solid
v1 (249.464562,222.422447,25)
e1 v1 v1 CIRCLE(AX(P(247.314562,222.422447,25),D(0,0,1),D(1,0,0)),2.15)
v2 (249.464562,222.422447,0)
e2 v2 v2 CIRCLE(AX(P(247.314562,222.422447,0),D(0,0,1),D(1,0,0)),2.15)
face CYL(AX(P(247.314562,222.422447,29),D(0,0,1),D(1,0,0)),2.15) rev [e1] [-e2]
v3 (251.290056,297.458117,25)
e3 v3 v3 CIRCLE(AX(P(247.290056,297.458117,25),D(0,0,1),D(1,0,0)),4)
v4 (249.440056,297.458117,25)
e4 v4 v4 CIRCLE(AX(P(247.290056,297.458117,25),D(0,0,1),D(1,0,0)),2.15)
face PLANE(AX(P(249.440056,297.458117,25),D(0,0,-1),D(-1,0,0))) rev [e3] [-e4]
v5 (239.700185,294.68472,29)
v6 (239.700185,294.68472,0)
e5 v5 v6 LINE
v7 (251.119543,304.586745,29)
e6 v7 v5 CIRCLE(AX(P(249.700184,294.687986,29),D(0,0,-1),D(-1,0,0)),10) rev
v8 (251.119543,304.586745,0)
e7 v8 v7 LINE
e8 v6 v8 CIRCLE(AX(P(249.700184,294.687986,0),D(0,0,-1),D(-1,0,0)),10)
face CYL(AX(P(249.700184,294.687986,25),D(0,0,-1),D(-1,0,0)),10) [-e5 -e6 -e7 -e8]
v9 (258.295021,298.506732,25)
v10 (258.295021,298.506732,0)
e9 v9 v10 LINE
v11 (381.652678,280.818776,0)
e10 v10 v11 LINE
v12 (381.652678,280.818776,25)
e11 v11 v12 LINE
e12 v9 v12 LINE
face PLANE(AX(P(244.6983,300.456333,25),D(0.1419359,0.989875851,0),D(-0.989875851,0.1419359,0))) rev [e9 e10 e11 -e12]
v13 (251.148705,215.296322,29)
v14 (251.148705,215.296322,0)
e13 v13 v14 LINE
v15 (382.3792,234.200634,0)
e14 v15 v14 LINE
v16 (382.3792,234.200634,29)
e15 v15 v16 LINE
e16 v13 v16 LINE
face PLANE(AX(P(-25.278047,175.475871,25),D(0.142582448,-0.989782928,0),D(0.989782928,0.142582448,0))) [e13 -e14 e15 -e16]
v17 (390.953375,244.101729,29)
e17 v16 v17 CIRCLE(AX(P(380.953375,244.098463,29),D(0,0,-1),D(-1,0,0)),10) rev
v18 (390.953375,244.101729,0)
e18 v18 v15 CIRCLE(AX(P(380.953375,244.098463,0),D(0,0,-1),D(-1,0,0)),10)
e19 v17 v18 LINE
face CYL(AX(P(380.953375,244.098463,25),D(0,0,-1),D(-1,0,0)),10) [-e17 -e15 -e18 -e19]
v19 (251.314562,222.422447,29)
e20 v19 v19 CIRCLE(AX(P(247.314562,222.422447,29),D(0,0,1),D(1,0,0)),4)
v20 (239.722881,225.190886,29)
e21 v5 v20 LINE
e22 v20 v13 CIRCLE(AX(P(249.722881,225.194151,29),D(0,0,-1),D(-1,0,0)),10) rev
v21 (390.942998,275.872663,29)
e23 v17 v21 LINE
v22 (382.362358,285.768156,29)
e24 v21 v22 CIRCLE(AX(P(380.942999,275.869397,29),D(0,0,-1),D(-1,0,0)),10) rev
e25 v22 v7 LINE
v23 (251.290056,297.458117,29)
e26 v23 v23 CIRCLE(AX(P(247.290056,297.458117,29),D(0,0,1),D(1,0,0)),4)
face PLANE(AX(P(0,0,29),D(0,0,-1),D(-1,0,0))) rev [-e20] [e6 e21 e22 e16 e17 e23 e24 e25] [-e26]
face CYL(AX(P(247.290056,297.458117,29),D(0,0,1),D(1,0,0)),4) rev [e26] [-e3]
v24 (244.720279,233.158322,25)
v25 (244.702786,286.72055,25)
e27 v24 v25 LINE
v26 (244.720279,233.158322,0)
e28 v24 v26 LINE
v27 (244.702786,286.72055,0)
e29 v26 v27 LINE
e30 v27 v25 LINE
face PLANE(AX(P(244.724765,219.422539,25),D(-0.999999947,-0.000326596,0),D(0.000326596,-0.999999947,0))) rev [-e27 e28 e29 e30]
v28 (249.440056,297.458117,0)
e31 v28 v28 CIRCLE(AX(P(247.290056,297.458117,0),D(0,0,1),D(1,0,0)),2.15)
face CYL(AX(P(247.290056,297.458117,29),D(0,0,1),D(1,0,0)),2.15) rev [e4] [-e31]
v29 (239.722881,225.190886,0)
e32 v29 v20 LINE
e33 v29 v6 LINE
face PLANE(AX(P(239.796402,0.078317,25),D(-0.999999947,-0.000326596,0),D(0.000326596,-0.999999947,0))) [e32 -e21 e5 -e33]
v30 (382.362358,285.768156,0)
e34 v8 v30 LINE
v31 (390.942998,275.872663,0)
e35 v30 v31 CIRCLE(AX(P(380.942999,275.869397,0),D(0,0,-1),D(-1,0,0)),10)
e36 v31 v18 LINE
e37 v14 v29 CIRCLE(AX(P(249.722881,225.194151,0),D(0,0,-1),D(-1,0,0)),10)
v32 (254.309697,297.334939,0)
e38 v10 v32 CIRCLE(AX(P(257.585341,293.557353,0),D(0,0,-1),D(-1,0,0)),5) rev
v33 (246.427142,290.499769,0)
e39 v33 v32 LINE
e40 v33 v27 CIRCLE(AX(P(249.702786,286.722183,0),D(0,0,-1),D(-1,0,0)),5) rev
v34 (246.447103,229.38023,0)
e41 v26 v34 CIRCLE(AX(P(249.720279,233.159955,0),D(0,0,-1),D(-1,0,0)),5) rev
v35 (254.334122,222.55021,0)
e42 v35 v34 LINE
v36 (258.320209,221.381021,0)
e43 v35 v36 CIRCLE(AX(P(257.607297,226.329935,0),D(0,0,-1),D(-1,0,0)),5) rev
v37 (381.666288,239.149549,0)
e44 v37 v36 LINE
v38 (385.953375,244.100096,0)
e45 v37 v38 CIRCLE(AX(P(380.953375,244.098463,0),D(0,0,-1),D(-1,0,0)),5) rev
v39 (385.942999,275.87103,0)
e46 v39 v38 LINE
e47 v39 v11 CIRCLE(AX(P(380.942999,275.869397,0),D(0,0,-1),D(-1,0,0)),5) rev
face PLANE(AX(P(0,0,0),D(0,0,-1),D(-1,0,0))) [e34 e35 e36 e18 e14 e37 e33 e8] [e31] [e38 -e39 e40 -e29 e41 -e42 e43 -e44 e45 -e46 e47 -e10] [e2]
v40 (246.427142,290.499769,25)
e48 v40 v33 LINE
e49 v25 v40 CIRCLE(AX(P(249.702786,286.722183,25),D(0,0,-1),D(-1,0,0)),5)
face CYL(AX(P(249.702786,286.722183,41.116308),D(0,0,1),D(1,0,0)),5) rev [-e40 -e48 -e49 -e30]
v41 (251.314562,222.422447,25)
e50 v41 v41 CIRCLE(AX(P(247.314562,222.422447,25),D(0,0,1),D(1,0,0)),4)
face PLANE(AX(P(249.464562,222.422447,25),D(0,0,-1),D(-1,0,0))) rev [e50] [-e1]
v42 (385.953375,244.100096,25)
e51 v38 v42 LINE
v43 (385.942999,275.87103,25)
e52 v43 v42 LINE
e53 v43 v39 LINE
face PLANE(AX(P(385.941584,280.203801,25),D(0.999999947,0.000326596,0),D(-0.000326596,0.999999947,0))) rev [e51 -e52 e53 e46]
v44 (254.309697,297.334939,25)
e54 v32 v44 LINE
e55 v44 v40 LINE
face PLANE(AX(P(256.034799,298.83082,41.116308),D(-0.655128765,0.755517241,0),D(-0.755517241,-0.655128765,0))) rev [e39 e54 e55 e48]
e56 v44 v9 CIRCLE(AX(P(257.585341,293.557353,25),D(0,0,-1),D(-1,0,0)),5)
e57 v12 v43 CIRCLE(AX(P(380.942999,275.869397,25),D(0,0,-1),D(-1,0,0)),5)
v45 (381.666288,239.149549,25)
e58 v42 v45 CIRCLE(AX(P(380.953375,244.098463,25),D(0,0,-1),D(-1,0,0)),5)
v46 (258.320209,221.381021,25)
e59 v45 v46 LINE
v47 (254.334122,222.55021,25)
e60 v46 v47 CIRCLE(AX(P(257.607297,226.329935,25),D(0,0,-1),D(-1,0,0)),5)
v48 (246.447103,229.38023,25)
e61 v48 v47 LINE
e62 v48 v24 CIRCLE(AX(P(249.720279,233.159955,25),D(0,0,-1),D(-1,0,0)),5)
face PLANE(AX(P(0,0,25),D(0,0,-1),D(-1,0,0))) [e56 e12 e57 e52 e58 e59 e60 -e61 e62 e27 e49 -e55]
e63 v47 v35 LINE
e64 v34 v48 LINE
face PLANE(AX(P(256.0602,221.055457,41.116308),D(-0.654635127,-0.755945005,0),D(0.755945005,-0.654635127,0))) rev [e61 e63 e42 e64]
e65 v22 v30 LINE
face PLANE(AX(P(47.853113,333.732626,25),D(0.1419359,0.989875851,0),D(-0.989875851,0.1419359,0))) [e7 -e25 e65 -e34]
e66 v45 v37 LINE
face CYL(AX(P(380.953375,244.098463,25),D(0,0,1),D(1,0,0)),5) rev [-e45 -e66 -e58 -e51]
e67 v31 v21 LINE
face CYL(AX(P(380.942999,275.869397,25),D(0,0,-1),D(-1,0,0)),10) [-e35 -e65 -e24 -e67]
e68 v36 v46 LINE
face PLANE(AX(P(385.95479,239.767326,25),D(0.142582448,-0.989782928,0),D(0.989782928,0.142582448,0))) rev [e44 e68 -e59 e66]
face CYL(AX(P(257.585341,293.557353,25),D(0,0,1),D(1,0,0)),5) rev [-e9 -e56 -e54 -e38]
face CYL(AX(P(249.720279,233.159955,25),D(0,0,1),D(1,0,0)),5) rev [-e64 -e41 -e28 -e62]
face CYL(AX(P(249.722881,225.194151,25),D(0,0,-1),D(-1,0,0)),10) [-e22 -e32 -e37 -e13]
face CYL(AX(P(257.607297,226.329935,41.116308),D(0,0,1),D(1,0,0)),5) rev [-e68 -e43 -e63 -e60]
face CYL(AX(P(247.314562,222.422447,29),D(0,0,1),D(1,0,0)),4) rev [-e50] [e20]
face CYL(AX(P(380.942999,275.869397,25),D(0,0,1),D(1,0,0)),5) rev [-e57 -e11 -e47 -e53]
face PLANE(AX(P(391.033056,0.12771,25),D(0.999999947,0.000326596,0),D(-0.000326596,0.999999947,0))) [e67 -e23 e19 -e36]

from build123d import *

# Parameters (mm, degrees)
EXTRUDE_THIN1_DEPTH            = 25
BOSS_EXTRUDE1_DEPTH            = 25
BOSS_EXTRUDE2_DEPTH            = 4
FILLET1_R                      = 10
CBORE_FOR_M4_SHCS1_D           = 4.3
CBORE_FOR_M4_SHCS1_CBORE_D     = 8
CBORE_FOR_M4_SHCS1_CBORE_DEPTH = 4
FILLET2_R                      = 5


with BuildPart() as part:
    # Sketch2 → Extrude-Thin1 (new body)
    with BuildSketch(Plane.XY):
        Polygon((239.726649941, 213.650926496), (239.696415712, 306.224679496), (390.940168333, 284.538204309), (390.956204861, 235.436188292), align=None)
        Polygon((244.724765221, 219.422538988), (244.698299899, 300.456332965), (385.941583666, 280.203800773), (385.954790061, 239.767325867), align=None, mode=Mode.SUBTRACT)
    extrude(amount=EXTRUDE_THIN1_DEPTH)

    # Sketch3 → Boss-Extrude1 (add)
    with BuildSketch(Plane.XY):
        Polygon((244.698299899, 300.456332965), (256.034798835, 298.830819854), (244.702040223, 289.003888378), align=None)
        Polygon((244.721024897, 230.874983576), (244.724765221, 219.422538988), (256.060199967, 221.055456665), align=None)
    extrude(amount=BOSS_EXTRUDE1_DEPTH)

    # Sketch4 → Boss-Extrude2 (add)
    with BuildSketch(Plane.XY.offset(25)):
        Polygon((239.696415712, 306.224679496), (390.940168333, 284.538204309), (390.956204861, 235.436188292), (239.726649941, 213.650926496), align=None)
    extrude(amount=BOSS_EXTRUDE2_DEPTH)

    # Fillet1
    fillet1_edges = [part.edges().sort_by_distance(p)[0] for p in [
        (239.726649941, 213.650926496, 14.5),
        (390.956204861, 235.436188292, 14.5),
        (390.940168333, 284.538204309, 14.5),
        (239.696415712, 306.224679496, 14.5),
    ]]
    fillet(fillet1_edges, radius=FILLET1_R)

    # CBORE for M4 SHCS1 (through all)
    with Locations(Plane(origin=(247.290055606, 297.458116912, 29), x_dir=(1, 0, 0), z_dir=(0, 0, 1))):
        with Locations((0, 0), (0.024506359, -75.035669596)):
            CounterBoreHole(CBORE_FOR_M4_SHCS1_D / 2, CBORE_FOR_M4_SHCS1_CBORE_D / 2, CBORE_FOR_M4_SHCS1_CBORE_DEPTH)

    # Fillet2
    fillet2_edges = [part.edges().sort_by_distance(p)[0] for p in [
        (385.954790061, 239.767325867, 12.5),
        (385.941583666, 280.203800773, 12.5),
        (256.034798835, 298.830819854, 12.5),
        (244.702040223, 289.003888378, 12.5),
        (244.721024897, 230.874983576, 12.5),
        (256.060199967, 221.055456665, 12.5),
    ]]
    fillet(fillet2_edges, radius=FILLET2_R)


solid = part.part
